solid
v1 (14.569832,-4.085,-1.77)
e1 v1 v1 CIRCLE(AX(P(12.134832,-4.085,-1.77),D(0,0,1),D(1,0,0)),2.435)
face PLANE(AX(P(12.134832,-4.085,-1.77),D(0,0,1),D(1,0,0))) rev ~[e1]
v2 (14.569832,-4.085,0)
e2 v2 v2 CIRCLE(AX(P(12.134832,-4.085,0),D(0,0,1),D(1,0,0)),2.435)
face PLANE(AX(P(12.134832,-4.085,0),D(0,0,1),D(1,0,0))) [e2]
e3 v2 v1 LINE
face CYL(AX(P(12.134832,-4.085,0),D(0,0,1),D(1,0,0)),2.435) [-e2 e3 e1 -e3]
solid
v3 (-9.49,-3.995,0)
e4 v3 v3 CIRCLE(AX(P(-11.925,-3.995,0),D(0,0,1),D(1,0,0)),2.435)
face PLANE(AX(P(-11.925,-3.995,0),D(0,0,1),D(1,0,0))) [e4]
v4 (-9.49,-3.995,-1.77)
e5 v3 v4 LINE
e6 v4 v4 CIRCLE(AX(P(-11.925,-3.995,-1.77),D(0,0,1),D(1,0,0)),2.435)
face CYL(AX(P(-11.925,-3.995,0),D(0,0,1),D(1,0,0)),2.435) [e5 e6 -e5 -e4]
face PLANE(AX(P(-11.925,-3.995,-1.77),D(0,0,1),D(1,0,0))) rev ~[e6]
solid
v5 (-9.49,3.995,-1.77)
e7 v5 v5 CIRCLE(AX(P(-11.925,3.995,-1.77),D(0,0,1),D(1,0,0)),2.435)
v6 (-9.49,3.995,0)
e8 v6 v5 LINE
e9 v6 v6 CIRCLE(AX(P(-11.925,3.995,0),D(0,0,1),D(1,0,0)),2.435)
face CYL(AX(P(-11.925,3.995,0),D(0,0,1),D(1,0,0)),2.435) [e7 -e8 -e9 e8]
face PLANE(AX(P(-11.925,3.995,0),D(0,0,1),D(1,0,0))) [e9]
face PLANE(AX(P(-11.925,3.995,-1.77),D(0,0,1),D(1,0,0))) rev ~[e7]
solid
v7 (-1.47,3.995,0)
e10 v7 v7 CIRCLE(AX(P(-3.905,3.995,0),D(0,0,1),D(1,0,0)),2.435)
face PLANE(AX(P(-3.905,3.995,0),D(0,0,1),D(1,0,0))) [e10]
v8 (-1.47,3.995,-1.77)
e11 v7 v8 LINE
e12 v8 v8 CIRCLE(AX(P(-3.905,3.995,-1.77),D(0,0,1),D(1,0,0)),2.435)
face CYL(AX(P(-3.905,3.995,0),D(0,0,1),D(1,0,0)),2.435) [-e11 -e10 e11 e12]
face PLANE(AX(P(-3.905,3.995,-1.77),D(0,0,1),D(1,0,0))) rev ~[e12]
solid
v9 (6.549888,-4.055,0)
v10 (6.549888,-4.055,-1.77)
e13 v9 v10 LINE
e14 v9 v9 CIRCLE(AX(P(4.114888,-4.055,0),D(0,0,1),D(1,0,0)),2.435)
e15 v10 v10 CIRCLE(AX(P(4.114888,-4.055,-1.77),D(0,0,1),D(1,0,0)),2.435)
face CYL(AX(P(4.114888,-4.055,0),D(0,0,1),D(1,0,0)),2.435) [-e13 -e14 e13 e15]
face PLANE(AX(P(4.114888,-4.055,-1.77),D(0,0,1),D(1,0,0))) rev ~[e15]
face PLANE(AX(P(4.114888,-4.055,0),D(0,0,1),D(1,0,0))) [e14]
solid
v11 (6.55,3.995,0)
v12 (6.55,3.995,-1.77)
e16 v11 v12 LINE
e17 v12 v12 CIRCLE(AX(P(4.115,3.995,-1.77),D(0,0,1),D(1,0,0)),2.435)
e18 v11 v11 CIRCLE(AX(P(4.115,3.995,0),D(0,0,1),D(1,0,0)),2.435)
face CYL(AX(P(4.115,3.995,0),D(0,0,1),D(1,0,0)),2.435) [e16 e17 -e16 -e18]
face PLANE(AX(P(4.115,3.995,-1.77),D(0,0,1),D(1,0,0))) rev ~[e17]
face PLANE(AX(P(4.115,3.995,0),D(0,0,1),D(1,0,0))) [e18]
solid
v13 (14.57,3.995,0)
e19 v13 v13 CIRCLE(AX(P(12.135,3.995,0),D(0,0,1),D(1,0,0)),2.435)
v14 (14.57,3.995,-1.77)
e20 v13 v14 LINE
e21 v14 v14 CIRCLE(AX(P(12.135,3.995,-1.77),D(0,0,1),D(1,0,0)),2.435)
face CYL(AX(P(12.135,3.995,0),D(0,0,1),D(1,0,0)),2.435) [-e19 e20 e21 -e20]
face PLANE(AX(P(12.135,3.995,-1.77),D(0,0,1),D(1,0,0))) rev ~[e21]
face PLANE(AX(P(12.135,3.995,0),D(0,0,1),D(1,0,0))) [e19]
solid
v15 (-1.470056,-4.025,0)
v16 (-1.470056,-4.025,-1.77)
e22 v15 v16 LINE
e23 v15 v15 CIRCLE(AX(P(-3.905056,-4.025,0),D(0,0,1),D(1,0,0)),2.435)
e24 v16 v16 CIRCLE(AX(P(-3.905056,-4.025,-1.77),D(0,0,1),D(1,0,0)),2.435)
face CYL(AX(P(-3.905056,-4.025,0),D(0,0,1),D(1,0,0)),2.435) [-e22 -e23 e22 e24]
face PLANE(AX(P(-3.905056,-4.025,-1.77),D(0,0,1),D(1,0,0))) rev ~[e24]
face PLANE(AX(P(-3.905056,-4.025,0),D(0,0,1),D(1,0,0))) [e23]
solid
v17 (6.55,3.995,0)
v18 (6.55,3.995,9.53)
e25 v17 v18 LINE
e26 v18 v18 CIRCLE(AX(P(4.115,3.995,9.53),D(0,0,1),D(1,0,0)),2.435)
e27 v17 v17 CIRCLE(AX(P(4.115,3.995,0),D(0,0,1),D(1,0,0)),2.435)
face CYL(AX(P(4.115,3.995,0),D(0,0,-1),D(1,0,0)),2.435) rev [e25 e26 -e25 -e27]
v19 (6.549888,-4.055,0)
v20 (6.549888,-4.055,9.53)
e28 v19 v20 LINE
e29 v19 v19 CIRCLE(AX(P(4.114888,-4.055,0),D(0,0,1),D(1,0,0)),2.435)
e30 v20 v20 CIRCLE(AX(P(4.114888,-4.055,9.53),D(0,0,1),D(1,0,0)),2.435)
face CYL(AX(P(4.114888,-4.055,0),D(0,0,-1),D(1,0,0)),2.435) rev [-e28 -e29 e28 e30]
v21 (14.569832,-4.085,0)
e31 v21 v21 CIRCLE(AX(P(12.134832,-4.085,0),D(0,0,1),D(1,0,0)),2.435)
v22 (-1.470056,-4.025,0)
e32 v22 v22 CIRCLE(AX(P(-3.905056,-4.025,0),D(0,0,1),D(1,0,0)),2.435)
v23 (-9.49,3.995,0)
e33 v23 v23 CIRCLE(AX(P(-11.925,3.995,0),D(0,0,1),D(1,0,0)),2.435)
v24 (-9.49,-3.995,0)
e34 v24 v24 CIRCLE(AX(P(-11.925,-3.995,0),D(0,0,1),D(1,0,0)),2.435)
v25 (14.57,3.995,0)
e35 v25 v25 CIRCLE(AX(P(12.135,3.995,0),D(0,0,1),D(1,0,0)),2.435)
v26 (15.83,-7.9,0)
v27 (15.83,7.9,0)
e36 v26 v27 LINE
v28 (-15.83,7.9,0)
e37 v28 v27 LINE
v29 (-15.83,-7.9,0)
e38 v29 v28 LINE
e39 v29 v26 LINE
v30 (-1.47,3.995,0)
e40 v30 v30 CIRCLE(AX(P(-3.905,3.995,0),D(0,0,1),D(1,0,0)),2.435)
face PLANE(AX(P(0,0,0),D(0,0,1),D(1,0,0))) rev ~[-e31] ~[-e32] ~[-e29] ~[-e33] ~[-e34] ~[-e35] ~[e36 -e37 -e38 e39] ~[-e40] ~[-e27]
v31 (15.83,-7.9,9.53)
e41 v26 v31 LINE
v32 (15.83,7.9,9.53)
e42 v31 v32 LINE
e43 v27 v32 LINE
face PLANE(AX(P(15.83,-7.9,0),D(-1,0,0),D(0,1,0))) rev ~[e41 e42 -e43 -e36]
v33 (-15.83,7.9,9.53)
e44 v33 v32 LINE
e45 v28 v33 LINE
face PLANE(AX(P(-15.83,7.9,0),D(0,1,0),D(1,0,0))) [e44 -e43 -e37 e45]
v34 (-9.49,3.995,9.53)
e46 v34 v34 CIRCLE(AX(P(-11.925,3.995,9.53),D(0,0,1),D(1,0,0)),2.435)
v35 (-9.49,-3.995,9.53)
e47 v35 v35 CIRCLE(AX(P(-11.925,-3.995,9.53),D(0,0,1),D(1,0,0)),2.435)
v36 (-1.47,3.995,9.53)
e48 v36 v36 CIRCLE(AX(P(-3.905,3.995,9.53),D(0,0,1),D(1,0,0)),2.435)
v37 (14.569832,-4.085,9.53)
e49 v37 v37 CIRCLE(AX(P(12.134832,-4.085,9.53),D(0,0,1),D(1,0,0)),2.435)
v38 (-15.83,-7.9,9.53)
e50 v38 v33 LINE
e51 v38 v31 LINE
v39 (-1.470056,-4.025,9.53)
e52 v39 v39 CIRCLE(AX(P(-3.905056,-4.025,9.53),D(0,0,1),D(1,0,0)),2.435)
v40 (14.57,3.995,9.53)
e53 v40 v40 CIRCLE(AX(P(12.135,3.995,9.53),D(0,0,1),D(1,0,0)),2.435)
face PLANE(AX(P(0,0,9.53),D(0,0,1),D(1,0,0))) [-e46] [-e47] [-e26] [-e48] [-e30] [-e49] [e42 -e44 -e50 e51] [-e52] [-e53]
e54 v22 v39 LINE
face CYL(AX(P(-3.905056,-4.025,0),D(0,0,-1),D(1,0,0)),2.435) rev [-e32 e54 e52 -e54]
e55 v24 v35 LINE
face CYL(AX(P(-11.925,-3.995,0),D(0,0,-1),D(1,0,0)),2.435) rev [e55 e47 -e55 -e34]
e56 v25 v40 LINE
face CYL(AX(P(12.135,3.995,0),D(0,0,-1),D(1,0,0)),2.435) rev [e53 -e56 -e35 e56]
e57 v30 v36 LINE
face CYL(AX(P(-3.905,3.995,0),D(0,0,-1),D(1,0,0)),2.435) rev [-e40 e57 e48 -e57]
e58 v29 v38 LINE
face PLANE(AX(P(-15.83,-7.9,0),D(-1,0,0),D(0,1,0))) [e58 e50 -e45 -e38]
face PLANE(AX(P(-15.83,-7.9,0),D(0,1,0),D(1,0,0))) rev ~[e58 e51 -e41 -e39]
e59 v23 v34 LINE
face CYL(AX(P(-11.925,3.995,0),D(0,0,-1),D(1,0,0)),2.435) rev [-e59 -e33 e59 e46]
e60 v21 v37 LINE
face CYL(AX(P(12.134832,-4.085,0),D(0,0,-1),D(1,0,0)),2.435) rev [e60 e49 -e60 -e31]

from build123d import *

# Parameters (mm, degrees)
F0_R     = 2.435
F1_DEPTH = 1.77
F0_W     = 31.66
F0_H     = 15.8
F2_DEPTH = 9.53


with BuildPart() as f1:
    # F0 (on Top) → F1 (new body)
    with BuildSketch(Plane.XY):
        with Locations((-11.925, 3.995)):
            Circle(F0_R)
        with Locations((-3.905, 3.995)):
            Circle(F0_R)
        with Locations((-11.925, -3.995)):
            Circle(F0_R)
        with Locations((-3.905056, -4.025)):
            Circle(F0_R)
        with Locations((4.114888, -4.055)):
            Circle(F0_R)
        with Locations((4.115, 3.995)):
            Circle(F0_R)
        with Locations((12.135, 3.995)):
            Circle(F0_R)
        with Locations((12.134832, -4.085)):
            Circle(F0_R)
    extrude(amount=-F1_DEPTH)


with BuildPart() as f2:
    # F0 (on Top) → F2 (new body)
    with BuildSketch(Plane.XY):
        Rectangle(F0_W, F0_H)
        with Locations((-11.925, -3.995)):
            Circle(F0_R, mode=Mode.SUBTRACT)
        with Locations((-3.905056, -4.025)):
            Circle(F0_R, mode=Mode.SUBTRACT)
        with Locations((4.114888, -4.055)):
            Circle(F0_R, mode=Mode.SUBTRACT)
        with Locations((12.134832, -4.085)):
            Circle(F0_R, mode=Mode.SUBTRACT)
        with Locations((-11.925, 3.995)):
            Circle(F0_R, mode=Mode.SUBTRACT)
        with Locations((-3.905, 3.995)):
            Circle(F0_R, mode=Mode.SUBTRACT)
        with Locations((4.115, 3.995)):
            Circle(F0_R, mode=Mode.SUBTRACT)
        with Locations((12.135, 3.995)):
            Circle(F0_R, mode=Mode.SUBTRACT)
    extrude(amount=F2_DEPTH)


solid = Compound([f1.part, f2.part])
